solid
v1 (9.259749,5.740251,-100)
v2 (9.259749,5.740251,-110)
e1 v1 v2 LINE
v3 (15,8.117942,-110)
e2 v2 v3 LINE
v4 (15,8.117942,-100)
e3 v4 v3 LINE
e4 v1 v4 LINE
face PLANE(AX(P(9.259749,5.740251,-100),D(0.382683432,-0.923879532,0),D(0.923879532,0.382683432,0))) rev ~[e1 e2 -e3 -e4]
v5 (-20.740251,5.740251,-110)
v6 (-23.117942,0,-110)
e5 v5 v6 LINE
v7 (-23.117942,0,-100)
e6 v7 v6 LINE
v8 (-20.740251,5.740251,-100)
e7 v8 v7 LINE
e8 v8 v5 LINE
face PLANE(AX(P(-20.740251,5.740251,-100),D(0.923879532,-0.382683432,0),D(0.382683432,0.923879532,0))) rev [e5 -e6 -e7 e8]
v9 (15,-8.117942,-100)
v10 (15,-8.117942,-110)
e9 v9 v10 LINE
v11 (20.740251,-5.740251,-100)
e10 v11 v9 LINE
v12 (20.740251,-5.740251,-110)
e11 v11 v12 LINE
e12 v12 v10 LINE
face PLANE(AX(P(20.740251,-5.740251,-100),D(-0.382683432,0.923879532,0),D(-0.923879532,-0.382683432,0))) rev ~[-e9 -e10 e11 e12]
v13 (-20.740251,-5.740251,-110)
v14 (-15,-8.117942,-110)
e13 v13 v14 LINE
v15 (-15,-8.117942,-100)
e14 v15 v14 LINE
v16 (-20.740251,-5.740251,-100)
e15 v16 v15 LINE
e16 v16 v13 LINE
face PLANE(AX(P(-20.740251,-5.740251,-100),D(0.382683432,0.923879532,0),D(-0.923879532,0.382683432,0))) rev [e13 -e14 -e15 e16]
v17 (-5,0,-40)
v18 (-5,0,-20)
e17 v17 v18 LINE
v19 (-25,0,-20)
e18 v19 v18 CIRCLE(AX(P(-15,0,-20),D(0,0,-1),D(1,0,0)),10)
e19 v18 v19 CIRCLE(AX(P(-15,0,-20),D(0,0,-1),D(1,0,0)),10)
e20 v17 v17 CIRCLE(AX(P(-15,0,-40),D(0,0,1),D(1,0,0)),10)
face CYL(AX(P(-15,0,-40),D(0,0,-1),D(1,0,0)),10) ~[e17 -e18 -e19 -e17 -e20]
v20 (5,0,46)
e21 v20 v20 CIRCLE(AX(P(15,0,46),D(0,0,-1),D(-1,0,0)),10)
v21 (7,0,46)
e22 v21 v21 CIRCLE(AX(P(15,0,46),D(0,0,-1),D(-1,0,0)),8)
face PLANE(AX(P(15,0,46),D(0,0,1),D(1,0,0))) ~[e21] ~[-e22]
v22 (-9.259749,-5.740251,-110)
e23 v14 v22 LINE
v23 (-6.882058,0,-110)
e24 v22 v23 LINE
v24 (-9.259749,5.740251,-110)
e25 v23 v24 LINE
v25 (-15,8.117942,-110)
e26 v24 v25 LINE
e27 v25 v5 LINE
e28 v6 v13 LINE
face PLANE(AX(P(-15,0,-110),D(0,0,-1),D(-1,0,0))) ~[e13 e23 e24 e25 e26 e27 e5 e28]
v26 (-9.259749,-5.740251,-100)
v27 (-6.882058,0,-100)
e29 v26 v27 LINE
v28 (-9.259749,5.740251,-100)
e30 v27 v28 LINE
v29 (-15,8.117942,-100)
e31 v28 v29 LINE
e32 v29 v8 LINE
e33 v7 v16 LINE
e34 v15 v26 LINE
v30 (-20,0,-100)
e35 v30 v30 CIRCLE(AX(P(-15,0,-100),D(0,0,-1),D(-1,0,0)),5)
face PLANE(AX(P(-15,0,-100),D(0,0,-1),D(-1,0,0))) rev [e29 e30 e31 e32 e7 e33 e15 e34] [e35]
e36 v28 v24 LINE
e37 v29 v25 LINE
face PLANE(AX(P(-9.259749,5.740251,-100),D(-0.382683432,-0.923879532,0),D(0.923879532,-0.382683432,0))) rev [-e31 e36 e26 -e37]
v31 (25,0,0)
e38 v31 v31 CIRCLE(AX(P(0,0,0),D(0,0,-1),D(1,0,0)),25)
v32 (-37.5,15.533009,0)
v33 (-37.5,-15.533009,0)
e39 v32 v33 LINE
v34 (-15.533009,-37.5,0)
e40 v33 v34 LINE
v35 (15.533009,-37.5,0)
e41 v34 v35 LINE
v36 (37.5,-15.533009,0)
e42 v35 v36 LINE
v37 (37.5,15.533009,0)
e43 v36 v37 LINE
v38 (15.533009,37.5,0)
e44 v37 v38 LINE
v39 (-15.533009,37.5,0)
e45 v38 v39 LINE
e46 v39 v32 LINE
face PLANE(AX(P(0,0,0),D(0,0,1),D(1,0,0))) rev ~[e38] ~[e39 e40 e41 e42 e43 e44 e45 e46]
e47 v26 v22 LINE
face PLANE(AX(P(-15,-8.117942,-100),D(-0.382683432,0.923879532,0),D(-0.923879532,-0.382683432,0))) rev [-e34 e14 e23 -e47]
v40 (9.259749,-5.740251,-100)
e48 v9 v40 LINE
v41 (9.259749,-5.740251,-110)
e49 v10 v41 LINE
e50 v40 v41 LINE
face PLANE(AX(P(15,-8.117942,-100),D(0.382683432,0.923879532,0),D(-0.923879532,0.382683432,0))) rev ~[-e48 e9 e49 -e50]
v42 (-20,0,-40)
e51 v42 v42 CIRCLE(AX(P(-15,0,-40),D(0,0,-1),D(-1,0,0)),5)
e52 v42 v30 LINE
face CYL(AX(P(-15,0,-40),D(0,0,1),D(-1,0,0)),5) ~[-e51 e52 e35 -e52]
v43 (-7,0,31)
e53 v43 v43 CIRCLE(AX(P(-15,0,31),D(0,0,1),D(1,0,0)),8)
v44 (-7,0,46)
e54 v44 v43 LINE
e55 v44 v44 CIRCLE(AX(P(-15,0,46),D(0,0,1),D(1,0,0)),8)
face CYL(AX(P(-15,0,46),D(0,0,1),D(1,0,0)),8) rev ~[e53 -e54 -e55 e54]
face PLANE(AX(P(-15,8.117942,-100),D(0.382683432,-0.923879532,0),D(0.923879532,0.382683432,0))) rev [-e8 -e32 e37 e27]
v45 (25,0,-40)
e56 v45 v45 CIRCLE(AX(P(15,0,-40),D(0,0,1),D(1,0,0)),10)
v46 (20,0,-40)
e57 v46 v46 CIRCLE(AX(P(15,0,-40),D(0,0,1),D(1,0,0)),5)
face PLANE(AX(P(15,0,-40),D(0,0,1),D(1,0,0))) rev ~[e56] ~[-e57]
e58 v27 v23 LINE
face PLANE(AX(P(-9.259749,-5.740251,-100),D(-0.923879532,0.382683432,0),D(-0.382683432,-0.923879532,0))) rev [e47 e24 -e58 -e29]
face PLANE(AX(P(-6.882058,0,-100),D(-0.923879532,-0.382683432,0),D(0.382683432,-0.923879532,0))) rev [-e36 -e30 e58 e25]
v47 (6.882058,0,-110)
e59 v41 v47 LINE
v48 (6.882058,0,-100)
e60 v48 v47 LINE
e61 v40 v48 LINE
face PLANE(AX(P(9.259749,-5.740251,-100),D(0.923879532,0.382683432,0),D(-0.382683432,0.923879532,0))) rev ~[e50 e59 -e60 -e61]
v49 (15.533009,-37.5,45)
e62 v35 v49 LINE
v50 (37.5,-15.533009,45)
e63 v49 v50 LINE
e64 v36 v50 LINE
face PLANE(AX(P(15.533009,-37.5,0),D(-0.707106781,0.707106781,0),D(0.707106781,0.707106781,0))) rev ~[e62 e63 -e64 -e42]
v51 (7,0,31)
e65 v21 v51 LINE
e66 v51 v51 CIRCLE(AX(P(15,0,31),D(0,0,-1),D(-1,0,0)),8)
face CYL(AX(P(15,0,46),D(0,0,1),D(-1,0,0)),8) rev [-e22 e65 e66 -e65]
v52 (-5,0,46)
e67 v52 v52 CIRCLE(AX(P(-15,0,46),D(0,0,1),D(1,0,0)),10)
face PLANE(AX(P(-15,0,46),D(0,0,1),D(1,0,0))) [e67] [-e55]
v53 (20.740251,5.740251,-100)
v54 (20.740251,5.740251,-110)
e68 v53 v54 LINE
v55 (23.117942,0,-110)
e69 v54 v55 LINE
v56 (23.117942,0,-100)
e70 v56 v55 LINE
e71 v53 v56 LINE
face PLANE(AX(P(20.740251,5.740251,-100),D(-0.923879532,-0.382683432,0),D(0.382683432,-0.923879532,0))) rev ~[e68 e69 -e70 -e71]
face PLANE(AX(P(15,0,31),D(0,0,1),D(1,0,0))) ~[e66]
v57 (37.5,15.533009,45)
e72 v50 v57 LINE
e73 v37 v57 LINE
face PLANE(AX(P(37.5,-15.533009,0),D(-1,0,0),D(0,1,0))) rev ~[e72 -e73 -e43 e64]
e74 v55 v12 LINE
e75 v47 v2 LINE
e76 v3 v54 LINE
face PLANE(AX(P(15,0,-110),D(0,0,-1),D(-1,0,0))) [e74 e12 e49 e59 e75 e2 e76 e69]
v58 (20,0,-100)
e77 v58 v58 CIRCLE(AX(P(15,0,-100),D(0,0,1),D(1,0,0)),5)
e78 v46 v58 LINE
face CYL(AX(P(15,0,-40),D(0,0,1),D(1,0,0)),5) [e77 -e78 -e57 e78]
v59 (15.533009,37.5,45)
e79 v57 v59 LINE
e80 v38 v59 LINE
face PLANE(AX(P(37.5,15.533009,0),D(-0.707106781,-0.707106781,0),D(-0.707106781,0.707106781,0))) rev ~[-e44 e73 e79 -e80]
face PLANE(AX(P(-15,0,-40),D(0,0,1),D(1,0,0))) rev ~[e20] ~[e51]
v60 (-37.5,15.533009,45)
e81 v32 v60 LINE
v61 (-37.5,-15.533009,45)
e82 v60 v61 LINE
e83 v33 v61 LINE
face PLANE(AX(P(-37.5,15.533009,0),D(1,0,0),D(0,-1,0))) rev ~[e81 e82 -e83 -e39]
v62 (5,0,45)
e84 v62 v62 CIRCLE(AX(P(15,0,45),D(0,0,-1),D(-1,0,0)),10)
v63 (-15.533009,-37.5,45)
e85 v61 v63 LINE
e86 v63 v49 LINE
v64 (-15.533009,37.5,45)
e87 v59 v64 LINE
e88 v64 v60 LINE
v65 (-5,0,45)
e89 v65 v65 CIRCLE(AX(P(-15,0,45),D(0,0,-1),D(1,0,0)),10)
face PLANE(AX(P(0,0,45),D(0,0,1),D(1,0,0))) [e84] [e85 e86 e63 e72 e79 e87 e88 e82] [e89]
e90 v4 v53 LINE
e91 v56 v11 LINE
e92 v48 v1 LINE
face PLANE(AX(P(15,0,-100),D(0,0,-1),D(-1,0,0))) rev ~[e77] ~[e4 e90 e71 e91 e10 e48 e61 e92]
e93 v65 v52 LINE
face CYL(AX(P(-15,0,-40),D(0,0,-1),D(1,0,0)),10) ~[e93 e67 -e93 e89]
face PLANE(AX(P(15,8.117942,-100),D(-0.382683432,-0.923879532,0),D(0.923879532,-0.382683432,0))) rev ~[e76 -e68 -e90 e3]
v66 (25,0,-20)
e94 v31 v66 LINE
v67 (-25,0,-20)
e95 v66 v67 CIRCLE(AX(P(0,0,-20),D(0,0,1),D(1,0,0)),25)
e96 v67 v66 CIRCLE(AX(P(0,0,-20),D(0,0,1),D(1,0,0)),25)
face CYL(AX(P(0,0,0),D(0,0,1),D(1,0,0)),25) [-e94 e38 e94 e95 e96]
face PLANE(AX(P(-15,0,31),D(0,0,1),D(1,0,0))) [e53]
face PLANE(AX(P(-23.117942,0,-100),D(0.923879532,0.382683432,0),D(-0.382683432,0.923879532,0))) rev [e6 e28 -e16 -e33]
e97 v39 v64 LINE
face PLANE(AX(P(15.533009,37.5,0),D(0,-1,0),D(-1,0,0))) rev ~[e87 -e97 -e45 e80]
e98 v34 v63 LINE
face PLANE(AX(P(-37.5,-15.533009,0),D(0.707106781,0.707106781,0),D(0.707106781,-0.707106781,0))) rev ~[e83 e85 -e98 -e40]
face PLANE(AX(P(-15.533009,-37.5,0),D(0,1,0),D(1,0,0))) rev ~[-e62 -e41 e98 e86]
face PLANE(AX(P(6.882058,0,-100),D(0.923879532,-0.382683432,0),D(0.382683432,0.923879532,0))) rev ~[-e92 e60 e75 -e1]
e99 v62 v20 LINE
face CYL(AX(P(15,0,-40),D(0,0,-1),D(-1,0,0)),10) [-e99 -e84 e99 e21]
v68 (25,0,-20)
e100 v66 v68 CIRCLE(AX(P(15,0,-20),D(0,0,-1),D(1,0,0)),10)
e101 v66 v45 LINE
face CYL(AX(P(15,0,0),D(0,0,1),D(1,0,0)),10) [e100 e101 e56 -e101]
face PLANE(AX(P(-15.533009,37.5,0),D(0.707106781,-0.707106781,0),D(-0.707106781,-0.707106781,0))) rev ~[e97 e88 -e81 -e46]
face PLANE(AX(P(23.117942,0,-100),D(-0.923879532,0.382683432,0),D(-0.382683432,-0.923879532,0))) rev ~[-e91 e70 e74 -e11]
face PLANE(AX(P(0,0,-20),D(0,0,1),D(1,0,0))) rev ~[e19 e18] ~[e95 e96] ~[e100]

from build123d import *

# Parameters (mm, degrees)
BOSS_EXTRUDE1_DEPTH = 45
BOSS_EXTRUDE2_START = -40
SKETCH1_3_R         = 10
BOSS_EXTRUDE2_DEPTH = 86
SKETCH1_4_R         = 10
BOSS_EXTRUDE3_DEPTH = 40
SKETCH1_5_R         = 25
BOSS_EXTRUDE4_DEPTH = 20
SKETCH2_R           = 5
BOSS_EXTRUDE5_DEPTH = 60
BOSS_EXTRUDE6_DEPTH = 10
SKETCH4_R           = 8
CUT_EXTRUDE2_DEPTH  = 15


with BuildPart() as part:
    # Sketch1 → Boss-Extrude1 (new body)
    with BuildSketch(Plane.XY):
        Polygon((15.533008589, 37.5), (-15.533008589, 37.5), (-37.5, 15.533008589), (-37.5, -15.533008589), (-15.533008589, -37.5), (15.533008589, -37.5), (37.5, -15.533008589), (37.5, 15.533008589), align=None)
    extrude(amount=BOSS_EXTRUDE1_DEPTH)

    # Sketch1<3> → Boss-Extrude2 (add)
    with BuildSketch(Plane.XY.offset(BOSS_EXTRUDE2_START)):
        with Locations((-15, 0)):
            Circle(SKETCH1_3_R)
    boss_extrude2 = extrude(amount=BOSS_EXTRUDE2_DEPTH)

    # Sketch1<4> → Boss-Extrude3 (add)
    with BuildSketch(Plane.XY):
        with Locations((15, 0)):
            Circle(SKETCH1_4_R)
    extrude(amount=-BOSS_EXTRUDE3_DEPTH)

    # Sketch1<5> → Boss-Extrude4 (add)
    with BuildSketch(Plane.XY):
        Circle(SKETCH1_5_R)
    extrude(amount=-BOSS_EXTRUDE4_DEPTH)

    # Sketch2 → Boss-Extrude5 (add)
    with BuildSketch(Plane(origin=(0, 0, -40), x_dir=(-1, 0, 0), z_dir=(0, 0, -1))):
        with Locations((15, 0)):
            Circle(SKETCH2_R)
    boss_extrude5 = extrude(amount=BOSS_EXTRUDE5_DEPTH)

    # Mirror2: Boss-Extrude5 across plane
    add(boss_extrude5.mirror(Plane(origin=(0, 0, 0), x_dir=(0, 0, 1), z_dir=(1, 0, 0))))

    # Sketch3 → Boss-Extrude6 (add)
    with BuildSketch(Plane(origin=(0, 0, -100), x_dir=(-1, 0, 0), z_dir=(0, 0, -1))):
        Polygon((-6.882058498, 0), (-9.259748515, 5.740251485), (-15, 8.117941502), (-20.740251485, 5.740251485), (-23.117941502, 0), (-20.740251485, -5.740251485), (-15, -8.117941502), (-9.259748515, -5.740251485), align=None)
    boss_extrude6 = extrude(amount=BOSS_EXTRUDE6_DEPTH)

    # Mirror3: Boss-Extrude6 across plane
    add(boss_extrude6.mirror(Plane(origin=(0, 0, 0), x_dir=(0, 0, 1), z_dir=(1, 0, 0))))

    # Mirror4: Boss-Extrude2 across plane
    add(boss_extrude2.mirror(Plane(origin=(0, 0, 0), x_dir=(0, 0, 1), z_dir=(1, 0, 0))))

    # Sketch4 → Cut-Extrude2 (cut)
    with BuildSketch(Plane.XY.offset(46)):
        with Locations((-15, 0)):
            Circle(SKETCH4_R)
    cut_extrude2 = extrude(amount=-CUT_EXTRUDE2_DEPTH, mode=Mode.SUBTRACT)

    # Mirror5: Cut-Extrude2 across plane
    add(cut_extrude2.mirror(Plane(origin=(0, 0, 0), x_dir=(0, 0, 1), z_dir=(1, 0, 0))), mode=Mode.SUBTRACT)


solid = part.part
